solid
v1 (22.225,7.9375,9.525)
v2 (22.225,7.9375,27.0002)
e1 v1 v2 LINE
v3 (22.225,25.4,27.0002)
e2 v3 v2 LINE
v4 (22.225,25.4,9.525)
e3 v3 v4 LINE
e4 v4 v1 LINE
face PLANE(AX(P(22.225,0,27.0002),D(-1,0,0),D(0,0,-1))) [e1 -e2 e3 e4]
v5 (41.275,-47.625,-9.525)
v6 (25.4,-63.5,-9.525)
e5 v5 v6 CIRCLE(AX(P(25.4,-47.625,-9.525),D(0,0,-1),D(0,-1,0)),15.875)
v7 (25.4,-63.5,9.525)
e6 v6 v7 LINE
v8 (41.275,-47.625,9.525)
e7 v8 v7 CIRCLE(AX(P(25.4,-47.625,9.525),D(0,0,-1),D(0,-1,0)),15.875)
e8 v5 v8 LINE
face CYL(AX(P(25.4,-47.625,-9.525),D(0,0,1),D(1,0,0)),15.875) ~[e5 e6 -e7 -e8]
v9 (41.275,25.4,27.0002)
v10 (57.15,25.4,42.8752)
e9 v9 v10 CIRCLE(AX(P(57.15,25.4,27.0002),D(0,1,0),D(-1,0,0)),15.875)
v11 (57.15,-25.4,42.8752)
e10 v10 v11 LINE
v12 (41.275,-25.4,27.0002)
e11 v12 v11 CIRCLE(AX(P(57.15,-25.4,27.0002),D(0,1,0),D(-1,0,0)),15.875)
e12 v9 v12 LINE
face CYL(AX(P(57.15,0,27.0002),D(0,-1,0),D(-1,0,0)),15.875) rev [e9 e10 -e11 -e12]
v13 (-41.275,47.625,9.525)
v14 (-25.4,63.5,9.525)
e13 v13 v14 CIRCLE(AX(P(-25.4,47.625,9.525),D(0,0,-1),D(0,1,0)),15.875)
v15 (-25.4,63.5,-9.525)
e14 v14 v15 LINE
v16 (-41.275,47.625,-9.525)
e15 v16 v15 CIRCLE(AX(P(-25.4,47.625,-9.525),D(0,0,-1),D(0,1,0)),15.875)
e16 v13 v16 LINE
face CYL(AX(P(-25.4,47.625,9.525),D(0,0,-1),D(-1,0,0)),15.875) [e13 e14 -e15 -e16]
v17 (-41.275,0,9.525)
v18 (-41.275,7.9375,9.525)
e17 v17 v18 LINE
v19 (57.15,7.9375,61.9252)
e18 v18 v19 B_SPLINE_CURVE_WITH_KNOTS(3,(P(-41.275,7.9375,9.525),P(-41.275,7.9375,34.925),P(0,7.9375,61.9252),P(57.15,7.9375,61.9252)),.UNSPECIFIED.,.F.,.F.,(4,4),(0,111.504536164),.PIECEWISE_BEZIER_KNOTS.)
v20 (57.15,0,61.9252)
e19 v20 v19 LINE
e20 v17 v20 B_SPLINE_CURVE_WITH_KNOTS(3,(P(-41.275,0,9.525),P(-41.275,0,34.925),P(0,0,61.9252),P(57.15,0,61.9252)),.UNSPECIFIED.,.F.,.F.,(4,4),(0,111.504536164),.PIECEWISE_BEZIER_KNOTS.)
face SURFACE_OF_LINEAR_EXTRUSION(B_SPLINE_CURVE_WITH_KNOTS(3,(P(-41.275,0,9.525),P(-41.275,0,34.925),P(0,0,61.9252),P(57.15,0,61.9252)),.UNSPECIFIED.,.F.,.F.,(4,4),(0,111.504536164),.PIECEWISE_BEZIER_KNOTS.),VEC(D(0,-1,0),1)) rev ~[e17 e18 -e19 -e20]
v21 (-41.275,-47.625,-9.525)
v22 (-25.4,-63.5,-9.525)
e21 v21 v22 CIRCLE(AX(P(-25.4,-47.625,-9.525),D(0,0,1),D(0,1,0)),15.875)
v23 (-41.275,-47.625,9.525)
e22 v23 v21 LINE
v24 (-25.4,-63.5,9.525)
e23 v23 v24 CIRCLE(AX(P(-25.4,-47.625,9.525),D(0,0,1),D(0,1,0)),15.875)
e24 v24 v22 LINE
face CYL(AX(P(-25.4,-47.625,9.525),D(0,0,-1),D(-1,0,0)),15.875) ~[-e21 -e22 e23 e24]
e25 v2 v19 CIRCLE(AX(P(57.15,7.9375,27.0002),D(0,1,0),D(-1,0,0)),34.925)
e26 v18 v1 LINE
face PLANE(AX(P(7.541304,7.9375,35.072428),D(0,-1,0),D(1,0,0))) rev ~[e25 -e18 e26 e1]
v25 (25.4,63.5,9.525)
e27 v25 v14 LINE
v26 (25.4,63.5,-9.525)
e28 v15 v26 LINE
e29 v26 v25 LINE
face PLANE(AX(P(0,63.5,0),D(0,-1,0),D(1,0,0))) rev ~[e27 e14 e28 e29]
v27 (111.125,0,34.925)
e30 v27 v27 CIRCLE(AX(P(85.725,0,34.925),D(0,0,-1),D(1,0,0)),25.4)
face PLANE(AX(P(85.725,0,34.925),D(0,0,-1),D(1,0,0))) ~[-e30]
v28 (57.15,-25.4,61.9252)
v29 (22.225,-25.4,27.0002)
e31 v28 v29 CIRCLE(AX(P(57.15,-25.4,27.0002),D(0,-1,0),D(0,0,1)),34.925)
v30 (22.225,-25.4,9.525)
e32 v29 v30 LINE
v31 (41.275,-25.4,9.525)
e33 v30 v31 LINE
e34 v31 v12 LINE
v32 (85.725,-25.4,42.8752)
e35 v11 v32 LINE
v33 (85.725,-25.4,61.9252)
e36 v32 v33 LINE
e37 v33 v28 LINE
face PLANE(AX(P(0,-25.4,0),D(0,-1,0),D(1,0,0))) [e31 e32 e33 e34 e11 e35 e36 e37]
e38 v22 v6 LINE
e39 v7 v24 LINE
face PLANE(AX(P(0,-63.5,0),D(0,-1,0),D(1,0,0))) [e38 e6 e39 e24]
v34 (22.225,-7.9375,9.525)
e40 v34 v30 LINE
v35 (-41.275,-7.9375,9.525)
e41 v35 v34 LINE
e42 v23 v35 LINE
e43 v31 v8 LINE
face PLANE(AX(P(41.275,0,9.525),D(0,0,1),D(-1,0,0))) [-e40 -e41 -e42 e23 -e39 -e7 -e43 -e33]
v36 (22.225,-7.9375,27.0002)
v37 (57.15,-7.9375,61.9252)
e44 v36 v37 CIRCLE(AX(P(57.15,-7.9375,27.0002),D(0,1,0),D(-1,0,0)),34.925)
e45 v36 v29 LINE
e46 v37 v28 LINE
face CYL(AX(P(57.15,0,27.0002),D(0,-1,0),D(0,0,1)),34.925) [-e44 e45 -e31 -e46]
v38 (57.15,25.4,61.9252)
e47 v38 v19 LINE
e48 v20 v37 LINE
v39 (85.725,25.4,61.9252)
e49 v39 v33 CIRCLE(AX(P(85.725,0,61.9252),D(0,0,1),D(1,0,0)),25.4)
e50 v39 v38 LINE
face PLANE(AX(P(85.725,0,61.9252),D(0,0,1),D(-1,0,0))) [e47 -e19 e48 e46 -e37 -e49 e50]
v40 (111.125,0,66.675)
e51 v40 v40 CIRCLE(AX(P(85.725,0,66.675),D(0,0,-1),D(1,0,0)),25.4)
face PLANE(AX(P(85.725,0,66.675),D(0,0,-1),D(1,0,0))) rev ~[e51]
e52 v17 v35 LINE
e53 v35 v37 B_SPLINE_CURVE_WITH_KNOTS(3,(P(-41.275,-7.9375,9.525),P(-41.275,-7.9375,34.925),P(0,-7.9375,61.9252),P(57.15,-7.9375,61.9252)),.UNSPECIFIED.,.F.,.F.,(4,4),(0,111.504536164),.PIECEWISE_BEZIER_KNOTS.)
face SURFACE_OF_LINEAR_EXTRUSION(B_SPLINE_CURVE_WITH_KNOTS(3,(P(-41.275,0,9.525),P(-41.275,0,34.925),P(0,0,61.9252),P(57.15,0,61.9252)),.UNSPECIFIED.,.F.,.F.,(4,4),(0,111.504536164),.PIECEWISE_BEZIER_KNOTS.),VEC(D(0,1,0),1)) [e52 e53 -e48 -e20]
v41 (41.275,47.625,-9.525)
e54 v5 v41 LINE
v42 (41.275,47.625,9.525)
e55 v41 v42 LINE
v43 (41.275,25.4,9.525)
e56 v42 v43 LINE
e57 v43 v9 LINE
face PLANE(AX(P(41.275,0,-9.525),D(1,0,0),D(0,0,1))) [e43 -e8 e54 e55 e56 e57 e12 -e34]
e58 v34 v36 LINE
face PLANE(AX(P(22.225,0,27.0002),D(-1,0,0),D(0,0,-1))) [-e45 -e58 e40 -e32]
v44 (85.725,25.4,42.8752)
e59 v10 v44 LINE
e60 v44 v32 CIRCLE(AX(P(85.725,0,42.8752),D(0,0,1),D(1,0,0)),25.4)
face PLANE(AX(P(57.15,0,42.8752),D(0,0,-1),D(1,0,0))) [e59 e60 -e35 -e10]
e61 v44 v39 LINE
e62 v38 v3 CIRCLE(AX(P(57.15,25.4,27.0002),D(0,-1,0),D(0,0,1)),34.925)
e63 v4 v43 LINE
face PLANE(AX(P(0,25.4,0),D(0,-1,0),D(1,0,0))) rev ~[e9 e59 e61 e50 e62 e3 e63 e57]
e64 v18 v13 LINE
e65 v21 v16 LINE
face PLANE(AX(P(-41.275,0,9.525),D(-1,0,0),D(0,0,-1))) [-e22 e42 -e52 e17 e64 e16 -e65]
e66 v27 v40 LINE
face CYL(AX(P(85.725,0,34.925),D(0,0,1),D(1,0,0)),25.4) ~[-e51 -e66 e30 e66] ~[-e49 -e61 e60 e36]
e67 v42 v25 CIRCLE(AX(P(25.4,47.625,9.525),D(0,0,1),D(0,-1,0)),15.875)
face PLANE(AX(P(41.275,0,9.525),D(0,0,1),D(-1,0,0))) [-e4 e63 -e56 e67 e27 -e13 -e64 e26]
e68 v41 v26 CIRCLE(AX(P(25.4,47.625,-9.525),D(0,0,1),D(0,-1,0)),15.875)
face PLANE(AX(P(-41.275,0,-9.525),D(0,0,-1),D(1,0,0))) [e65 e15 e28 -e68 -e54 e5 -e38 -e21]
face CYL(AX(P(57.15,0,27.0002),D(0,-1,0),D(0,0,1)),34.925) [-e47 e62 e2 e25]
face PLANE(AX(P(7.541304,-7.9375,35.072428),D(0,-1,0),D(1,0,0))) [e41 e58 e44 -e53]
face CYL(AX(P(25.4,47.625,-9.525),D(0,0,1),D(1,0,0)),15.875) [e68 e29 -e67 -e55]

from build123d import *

# Parameters (mm, degrees)
F1_DEPTH = 63.5
F0_W     = 25.4
F0_H     = 19.05
F2_DEPTH = 25.4
F3_DEPTH = 7.9375
F5_R     = 15.875


with BuildPart() as f1:
    # F0 (on Front) → F1 (new body, symmetric)
    with BuildSketch(Plane.XZ):
        Polygon((41.275, -9.525), (41.275, 9.525), (22.225, 9.525), (-41.275, 9.525), (-41.275, -9.525), align=None)
    extrude(amount=F1_DEPTH, both=True)

    # F0 (on Front) → F2 (join, symmetric)
    with BuildSketch(Plane.XZ):
        Polygon((41.275, -9.525), (41.275, 9.525), (22.225, 9.525), (-41.275, 9.525), (-41.275, -9.525), align=None)
        with BuildLine():
            Line((22.225, 9.525), (41.275, 9.525))
            Line((41.275, 9.525), (41.275, 27.0002))
            ThreePointArc((41.275, 27.0002), (45.9246798487, 38.2255201513), (57.15, 42.8752))
            Line((57.15, 42.8752), (60.325, 42.8752))
            Line((60.325, 42.8752), (60.325, 61.9252))
            Line((60.325, 61.9252), (57.15, 61.9252))
            ThreePointArc((57.15, 61.9252), (32.4542956671, 51.6959043329), (22.225, 27.0002))
            Line((22.225, 27.0002), (22.225, 9.525))
        make_face()
        with Locations((73.025, 52.4002)):
            Rectangle(F0_W, F0_H)
    extrude(amount=F2_DEPTH, both=True)

    # F0 (on Front) → F3 (join, symmetric)
    with BuildSketch(Plane.XZ):
        with BuildLine():
            Line((-41.275, 9.525), (22.225, 9.525))
            Line((22.225, 9.525), (22.225, 27.0002))
            ThreePointArc((22.225, 27.0002), (32.4542956671, 51.6959043329), (57.15, 61.9252))
            add(Edge.make_bspline(
                [(-41.275, 9.525), (-41.275, 34.925), (0, 61.9252), (57.15, 61.9252)],
                knots=[0, 0, 0, 0, 111.5045361635, 111.5045361635, 111.5045361635, 111.5045361635], degree=3))
        make_face()
    extrude(amount=F3_DEPTH, both=True)

    # F0 (on Front) → F4 (revolve)
    with BuildSketch(Plane.XZ):
        Polygon((85.725, 61.9252), (85.725, 42.8752), (85.725, 34.925), (111.125, 34.925), (111.125, 66.675), (85.725, 66.675), align=None)
    revolve(axis=Axis((85.725, 0, 50.8), (0, 0, -1)))

    # F5
    f5_edges = [f1.edges().sort_by_distance(p)[0] for p in [
        (41.275, -63.5, 0),
        (-41.275, -63.5, 0),
        (-41.275, 63.5, 0),
        (41.275, 63.5, 0),
    ]]
    fillet(f5_edges, radius=F5_R)


solid = f1.part
